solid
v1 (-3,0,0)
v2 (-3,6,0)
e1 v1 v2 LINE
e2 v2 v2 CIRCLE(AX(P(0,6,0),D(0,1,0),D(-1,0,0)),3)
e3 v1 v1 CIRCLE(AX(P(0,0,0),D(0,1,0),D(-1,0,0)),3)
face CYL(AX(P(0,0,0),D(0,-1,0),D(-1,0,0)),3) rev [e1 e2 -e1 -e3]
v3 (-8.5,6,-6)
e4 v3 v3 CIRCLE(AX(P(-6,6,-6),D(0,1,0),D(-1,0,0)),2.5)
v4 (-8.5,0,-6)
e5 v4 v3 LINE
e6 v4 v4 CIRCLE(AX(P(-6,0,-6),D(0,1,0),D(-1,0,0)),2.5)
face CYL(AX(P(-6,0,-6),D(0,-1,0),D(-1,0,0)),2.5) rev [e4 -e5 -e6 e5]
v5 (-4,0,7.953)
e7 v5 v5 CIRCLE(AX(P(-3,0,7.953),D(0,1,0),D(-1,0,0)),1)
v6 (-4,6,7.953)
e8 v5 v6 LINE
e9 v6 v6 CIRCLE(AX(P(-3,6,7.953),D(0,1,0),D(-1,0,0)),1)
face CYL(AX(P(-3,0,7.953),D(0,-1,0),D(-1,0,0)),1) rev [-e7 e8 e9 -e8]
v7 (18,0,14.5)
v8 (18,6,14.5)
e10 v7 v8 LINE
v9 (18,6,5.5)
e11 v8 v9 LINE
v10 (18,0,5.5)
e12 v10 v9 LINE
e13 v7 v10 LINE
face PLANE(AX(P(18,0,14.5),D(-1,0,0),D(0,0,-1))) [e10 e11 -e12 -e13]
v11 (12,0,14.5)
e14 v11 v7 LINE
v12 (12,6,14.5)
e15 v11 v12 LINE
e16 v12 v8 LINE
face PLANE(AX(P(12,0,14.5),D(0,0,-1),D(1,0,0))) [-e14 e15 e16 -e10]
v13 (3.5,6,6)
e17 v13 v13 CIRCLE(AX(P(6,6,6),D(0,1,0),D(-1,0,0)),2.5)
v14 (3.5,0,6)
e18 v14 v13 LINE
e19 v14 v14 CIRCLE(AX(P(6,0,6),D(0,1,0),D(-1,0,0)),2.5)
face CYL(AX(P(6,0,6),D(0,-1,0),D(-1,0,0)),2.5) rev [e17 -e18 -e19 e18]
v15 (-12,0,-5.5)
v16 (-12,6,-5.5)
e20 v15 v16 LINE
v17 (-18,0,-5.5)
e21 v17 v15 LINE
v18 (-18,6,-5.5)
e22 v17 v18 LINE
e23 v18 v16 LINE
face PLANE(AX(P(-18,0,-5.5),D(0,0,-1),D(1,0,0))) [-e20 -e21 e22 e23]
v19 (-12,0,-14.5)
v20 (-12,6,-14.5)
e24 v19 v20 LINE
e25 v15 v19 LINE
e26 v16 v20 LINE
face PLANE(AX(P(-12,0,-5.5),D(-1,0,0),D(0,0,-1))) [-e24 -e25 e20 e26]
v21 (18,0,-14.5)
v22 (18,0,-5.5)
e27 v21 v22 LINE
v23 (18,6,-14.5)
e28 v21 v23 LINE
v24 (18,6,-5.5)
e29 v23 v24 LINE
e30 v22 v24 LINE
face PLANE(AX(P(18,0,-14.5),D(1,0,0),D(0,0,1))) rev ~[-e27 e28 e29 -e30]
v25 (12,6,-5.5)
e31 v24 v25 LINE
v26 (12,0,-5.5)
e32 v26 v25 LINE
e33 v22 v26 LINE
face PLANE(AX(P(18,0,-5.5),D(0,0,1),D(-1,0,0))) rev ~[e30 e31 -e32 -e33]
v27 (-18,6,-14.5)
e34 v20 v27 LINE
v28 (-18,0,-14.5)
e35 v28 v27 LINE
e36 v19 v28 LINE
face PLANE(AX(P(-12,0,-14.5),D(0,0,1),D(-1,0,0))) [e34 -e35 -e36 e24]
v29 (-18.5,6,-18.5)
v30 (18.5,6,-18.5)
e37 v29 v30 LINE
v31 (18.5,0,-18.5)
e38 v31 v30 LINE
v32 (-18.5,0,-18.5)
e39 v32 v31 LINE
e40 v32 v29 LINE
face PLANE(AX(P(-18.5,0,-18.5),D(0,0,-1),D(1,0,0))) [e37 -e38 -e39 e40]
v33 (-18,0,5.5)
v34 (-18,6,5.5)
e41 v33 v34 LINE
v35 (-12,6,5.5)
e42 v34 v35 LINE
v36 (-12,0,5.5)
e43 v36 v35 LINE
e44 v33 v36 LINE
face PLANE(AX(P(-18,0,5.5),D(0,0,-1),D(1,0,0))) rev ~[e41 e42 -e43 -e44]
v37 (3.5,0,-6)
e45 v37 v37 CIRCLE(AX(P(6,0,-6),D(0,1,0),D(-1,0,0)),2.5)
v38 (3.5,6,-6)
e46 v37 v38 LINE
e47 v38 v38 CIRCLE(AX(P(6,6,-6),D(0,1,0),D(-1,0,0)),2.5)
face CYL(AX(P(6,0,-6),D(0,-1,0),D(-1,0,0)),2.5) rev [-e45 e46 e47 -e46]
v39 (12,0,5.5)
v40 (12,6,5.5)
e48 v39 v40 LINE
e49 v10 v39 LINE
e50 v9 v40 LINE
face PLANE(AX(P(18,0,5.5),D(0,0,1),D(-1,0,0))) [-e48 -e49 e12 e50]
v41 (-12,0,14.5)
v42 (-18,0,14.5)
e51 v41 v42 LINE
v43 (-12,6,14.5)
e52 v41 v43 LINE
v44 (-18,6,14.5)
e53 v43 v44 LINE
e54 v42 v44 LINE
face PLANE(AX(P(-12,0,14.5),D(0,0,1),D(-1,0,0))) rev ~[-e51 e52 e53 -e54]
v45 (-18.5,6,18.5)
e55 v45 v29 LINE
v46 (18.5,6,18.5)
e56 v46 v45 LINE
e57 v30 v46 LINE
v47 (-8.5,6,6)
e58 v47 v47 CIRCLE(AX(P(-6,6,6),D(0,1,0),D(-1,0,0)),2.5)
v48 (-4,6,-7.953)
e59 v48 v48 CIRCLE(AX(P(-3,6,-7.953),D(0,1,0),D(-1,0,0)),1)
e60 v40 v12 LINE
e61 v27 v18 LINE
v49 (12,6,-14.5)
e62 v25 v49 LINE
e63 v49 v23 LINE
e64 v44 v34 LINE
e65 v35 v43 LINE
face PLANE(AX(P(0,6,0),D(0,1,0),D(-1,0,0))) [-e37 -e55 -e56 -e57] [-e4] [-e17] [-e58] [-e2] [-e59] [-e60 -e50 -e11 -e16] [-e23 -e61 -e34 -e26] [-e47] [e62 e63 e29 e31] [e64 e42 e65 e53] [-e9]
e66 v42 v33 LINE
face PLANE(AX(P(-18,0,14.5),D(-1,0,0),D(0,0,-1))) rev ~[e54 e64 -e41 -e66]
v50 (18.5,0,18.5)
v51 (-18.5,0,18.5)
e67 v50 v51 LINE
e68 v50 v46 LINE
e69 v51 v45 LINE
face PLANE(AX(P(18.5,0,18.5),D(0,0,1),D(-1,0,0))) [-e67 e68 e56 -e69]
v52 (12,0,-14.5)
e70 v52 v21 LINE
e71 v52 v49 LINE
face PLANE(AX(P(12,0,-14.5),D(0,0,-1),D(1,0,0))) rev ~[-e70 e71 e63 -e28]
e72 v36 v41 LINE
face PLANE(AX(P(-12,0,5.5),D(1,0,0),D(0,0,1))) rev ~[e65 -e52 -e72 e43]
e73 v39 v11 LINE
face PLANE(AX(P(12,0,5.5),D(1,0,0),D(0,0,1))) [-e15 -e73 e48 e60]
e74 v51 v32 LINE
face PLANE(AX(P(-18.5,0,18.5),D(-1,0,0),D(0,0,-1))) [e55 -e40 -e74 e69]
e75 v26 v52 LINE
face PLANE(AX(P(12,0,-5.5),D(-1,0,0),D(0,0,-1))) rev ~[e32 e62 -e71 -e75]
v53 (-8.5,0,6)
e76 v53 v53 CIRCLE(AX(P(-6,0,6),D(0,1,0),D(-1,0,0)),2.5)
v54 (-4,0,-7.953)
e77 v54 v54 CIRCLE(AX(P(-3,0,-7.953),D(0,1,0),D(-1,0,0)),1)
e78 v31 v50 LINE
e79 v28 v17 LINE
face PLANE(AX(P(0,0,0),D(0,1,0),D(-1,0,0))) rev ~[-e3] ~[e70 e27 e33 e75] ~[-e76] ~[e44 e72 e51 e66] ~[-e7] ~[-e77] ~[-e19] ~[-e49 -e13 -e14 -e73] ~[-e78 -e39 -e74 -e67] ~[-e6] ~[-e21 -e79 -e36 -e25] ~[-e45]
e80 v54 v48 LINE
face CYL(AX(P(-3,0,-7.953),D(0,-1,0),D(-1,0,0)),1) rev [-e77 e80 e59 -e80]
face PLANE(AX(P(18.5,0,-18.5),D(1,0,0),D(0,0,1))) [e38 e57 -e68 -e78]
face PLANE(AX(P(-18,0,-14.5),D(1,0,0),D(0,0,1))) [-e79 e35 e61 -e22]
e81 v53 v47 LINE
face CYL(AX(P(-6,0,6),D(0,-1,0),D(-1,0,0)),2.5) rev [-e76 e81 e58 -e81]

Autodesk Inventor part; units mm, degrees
ref_plane "YZ Plane" through (0, 0, 0) normal (1, 0, 0) x (0, 1, 0)
ref_plane "XZ Plane" through (0, 0, 0) normal (0, 1, 0) x (-1, 0, 0)
ref_plane "XY Plane" through (0, 0, 0) normal (0, 0, 1) x (1, 0, 0)
sketch "Sketch2" plane through (0, 0, 0) normal (0, 1, 0) x (-1, 0, 0)
  line L0 (-18.5, 18.5) -> (18.5, 18.5)
  line L1 (18.5, 18.5) -> (18.5, -18.5)
  line L2 (18.5, -18.5) -> (-18.5, -18.5)
  line L3 (-18.5, -18.5) -> (-18.5, 18.5)
  line L4 (-18.5, 18.5) -> (18.5, -18.5) construction
  line L5 (18.5, 18.5) -> (-18.5, -18.5) construction
  line L6 (12, -14.5) -> (18, -14.5)
  line L7 (18, -14.5) -> (18, -5.5)
  line L8 (18, -5.5) -> (12, -5.5)
  line L9 (12, -5.5) -> (12, -14.5)
  line L10 (12, -14.5) -> (18, -5.5) construction
  line L11 (18, -14.5) -> (12, -5.5) construction
  line L12 (0, 18.5) -> (0, -18.5) construction
  line L13 (18.5, 0) -> (-18.5, 0) construction
  circle A0 centre (0, 0) radius 3
  circle A1 centre (6, -6) radius 2.5
  circle A2 centre (-6, 6) radius 2.5
  circle A3 centre (3, -7.953) radius 1
  line L14 (12, 14.5) -> (18, 14.5)
  line L15 (18, 14.5) -> (18, 5.5)
  line L16 (18, 5.5) -> (12, 5.5)
  line L17 (12, 5.5) -> (12, 14.5)
  line L18 (12, 14.5) -> (18, 5.5) construction
  line L19 (18, 14.5) -> (12, 5.5) construction
  line L20 (-12, -14.5) -> (-18, -14.5)
  line L21 (-18, -14.5) -> (-18, -5.5)
  line L22 (-18, -5.5) -> (-12, -5.5)
  line L23 (-12, -5.5) -> (-12, -14.5)
  line L24 (-12, -14.5) -> (-18, -5.5) construction
  line L25 (-18, -14.5) -> (-12, -5.5) construction
  line L26 (-12, 5.5) -> (-12, 14.5)
  line L27 (-12, 14.5) -> (-18, 14.5)
  line L28 (-18, 14.5) -> (-18, 5.5)
  line L29 (-12, 14.5) -> (-18, 5.5) construction
  line L30 (-18, 14.5) -> (-12, 5.5) construction
  line L31 (-18, 5.5) -> (-12, 5.5)
  circle A4 centre (6, 6) radius 2.5
  circle A5 centre (-6, -6) radius 2.5
  circle A6 centre (3, 7.953) radius 1
  point P0 (15, -10)
  point P1 (15, 10)
  point P2 (-15, -10)
  point P3 (-15, 10)
  dimension "d0" = 37
  dimension "d1" = 37
  dimension "d3" = 9
  dimension "d5" = 6
  dimension "d8" = 5
  dimension "d10" = 6
  dimension "d11" = 6
  dimension "d23" = 2
  dimension "d27" = 6
  dimension "d30" = 15
  dimension "d32" = 14.5
  dimension "d33" = 9
  dimension "d35" = 8.5
extrude "Extrusion1" add sketch "Sketch2" along normal blind 6
equation "\"d0\" = d1"
equation "\"d11\" = d10"
properties part number "thumper-base-v3"
